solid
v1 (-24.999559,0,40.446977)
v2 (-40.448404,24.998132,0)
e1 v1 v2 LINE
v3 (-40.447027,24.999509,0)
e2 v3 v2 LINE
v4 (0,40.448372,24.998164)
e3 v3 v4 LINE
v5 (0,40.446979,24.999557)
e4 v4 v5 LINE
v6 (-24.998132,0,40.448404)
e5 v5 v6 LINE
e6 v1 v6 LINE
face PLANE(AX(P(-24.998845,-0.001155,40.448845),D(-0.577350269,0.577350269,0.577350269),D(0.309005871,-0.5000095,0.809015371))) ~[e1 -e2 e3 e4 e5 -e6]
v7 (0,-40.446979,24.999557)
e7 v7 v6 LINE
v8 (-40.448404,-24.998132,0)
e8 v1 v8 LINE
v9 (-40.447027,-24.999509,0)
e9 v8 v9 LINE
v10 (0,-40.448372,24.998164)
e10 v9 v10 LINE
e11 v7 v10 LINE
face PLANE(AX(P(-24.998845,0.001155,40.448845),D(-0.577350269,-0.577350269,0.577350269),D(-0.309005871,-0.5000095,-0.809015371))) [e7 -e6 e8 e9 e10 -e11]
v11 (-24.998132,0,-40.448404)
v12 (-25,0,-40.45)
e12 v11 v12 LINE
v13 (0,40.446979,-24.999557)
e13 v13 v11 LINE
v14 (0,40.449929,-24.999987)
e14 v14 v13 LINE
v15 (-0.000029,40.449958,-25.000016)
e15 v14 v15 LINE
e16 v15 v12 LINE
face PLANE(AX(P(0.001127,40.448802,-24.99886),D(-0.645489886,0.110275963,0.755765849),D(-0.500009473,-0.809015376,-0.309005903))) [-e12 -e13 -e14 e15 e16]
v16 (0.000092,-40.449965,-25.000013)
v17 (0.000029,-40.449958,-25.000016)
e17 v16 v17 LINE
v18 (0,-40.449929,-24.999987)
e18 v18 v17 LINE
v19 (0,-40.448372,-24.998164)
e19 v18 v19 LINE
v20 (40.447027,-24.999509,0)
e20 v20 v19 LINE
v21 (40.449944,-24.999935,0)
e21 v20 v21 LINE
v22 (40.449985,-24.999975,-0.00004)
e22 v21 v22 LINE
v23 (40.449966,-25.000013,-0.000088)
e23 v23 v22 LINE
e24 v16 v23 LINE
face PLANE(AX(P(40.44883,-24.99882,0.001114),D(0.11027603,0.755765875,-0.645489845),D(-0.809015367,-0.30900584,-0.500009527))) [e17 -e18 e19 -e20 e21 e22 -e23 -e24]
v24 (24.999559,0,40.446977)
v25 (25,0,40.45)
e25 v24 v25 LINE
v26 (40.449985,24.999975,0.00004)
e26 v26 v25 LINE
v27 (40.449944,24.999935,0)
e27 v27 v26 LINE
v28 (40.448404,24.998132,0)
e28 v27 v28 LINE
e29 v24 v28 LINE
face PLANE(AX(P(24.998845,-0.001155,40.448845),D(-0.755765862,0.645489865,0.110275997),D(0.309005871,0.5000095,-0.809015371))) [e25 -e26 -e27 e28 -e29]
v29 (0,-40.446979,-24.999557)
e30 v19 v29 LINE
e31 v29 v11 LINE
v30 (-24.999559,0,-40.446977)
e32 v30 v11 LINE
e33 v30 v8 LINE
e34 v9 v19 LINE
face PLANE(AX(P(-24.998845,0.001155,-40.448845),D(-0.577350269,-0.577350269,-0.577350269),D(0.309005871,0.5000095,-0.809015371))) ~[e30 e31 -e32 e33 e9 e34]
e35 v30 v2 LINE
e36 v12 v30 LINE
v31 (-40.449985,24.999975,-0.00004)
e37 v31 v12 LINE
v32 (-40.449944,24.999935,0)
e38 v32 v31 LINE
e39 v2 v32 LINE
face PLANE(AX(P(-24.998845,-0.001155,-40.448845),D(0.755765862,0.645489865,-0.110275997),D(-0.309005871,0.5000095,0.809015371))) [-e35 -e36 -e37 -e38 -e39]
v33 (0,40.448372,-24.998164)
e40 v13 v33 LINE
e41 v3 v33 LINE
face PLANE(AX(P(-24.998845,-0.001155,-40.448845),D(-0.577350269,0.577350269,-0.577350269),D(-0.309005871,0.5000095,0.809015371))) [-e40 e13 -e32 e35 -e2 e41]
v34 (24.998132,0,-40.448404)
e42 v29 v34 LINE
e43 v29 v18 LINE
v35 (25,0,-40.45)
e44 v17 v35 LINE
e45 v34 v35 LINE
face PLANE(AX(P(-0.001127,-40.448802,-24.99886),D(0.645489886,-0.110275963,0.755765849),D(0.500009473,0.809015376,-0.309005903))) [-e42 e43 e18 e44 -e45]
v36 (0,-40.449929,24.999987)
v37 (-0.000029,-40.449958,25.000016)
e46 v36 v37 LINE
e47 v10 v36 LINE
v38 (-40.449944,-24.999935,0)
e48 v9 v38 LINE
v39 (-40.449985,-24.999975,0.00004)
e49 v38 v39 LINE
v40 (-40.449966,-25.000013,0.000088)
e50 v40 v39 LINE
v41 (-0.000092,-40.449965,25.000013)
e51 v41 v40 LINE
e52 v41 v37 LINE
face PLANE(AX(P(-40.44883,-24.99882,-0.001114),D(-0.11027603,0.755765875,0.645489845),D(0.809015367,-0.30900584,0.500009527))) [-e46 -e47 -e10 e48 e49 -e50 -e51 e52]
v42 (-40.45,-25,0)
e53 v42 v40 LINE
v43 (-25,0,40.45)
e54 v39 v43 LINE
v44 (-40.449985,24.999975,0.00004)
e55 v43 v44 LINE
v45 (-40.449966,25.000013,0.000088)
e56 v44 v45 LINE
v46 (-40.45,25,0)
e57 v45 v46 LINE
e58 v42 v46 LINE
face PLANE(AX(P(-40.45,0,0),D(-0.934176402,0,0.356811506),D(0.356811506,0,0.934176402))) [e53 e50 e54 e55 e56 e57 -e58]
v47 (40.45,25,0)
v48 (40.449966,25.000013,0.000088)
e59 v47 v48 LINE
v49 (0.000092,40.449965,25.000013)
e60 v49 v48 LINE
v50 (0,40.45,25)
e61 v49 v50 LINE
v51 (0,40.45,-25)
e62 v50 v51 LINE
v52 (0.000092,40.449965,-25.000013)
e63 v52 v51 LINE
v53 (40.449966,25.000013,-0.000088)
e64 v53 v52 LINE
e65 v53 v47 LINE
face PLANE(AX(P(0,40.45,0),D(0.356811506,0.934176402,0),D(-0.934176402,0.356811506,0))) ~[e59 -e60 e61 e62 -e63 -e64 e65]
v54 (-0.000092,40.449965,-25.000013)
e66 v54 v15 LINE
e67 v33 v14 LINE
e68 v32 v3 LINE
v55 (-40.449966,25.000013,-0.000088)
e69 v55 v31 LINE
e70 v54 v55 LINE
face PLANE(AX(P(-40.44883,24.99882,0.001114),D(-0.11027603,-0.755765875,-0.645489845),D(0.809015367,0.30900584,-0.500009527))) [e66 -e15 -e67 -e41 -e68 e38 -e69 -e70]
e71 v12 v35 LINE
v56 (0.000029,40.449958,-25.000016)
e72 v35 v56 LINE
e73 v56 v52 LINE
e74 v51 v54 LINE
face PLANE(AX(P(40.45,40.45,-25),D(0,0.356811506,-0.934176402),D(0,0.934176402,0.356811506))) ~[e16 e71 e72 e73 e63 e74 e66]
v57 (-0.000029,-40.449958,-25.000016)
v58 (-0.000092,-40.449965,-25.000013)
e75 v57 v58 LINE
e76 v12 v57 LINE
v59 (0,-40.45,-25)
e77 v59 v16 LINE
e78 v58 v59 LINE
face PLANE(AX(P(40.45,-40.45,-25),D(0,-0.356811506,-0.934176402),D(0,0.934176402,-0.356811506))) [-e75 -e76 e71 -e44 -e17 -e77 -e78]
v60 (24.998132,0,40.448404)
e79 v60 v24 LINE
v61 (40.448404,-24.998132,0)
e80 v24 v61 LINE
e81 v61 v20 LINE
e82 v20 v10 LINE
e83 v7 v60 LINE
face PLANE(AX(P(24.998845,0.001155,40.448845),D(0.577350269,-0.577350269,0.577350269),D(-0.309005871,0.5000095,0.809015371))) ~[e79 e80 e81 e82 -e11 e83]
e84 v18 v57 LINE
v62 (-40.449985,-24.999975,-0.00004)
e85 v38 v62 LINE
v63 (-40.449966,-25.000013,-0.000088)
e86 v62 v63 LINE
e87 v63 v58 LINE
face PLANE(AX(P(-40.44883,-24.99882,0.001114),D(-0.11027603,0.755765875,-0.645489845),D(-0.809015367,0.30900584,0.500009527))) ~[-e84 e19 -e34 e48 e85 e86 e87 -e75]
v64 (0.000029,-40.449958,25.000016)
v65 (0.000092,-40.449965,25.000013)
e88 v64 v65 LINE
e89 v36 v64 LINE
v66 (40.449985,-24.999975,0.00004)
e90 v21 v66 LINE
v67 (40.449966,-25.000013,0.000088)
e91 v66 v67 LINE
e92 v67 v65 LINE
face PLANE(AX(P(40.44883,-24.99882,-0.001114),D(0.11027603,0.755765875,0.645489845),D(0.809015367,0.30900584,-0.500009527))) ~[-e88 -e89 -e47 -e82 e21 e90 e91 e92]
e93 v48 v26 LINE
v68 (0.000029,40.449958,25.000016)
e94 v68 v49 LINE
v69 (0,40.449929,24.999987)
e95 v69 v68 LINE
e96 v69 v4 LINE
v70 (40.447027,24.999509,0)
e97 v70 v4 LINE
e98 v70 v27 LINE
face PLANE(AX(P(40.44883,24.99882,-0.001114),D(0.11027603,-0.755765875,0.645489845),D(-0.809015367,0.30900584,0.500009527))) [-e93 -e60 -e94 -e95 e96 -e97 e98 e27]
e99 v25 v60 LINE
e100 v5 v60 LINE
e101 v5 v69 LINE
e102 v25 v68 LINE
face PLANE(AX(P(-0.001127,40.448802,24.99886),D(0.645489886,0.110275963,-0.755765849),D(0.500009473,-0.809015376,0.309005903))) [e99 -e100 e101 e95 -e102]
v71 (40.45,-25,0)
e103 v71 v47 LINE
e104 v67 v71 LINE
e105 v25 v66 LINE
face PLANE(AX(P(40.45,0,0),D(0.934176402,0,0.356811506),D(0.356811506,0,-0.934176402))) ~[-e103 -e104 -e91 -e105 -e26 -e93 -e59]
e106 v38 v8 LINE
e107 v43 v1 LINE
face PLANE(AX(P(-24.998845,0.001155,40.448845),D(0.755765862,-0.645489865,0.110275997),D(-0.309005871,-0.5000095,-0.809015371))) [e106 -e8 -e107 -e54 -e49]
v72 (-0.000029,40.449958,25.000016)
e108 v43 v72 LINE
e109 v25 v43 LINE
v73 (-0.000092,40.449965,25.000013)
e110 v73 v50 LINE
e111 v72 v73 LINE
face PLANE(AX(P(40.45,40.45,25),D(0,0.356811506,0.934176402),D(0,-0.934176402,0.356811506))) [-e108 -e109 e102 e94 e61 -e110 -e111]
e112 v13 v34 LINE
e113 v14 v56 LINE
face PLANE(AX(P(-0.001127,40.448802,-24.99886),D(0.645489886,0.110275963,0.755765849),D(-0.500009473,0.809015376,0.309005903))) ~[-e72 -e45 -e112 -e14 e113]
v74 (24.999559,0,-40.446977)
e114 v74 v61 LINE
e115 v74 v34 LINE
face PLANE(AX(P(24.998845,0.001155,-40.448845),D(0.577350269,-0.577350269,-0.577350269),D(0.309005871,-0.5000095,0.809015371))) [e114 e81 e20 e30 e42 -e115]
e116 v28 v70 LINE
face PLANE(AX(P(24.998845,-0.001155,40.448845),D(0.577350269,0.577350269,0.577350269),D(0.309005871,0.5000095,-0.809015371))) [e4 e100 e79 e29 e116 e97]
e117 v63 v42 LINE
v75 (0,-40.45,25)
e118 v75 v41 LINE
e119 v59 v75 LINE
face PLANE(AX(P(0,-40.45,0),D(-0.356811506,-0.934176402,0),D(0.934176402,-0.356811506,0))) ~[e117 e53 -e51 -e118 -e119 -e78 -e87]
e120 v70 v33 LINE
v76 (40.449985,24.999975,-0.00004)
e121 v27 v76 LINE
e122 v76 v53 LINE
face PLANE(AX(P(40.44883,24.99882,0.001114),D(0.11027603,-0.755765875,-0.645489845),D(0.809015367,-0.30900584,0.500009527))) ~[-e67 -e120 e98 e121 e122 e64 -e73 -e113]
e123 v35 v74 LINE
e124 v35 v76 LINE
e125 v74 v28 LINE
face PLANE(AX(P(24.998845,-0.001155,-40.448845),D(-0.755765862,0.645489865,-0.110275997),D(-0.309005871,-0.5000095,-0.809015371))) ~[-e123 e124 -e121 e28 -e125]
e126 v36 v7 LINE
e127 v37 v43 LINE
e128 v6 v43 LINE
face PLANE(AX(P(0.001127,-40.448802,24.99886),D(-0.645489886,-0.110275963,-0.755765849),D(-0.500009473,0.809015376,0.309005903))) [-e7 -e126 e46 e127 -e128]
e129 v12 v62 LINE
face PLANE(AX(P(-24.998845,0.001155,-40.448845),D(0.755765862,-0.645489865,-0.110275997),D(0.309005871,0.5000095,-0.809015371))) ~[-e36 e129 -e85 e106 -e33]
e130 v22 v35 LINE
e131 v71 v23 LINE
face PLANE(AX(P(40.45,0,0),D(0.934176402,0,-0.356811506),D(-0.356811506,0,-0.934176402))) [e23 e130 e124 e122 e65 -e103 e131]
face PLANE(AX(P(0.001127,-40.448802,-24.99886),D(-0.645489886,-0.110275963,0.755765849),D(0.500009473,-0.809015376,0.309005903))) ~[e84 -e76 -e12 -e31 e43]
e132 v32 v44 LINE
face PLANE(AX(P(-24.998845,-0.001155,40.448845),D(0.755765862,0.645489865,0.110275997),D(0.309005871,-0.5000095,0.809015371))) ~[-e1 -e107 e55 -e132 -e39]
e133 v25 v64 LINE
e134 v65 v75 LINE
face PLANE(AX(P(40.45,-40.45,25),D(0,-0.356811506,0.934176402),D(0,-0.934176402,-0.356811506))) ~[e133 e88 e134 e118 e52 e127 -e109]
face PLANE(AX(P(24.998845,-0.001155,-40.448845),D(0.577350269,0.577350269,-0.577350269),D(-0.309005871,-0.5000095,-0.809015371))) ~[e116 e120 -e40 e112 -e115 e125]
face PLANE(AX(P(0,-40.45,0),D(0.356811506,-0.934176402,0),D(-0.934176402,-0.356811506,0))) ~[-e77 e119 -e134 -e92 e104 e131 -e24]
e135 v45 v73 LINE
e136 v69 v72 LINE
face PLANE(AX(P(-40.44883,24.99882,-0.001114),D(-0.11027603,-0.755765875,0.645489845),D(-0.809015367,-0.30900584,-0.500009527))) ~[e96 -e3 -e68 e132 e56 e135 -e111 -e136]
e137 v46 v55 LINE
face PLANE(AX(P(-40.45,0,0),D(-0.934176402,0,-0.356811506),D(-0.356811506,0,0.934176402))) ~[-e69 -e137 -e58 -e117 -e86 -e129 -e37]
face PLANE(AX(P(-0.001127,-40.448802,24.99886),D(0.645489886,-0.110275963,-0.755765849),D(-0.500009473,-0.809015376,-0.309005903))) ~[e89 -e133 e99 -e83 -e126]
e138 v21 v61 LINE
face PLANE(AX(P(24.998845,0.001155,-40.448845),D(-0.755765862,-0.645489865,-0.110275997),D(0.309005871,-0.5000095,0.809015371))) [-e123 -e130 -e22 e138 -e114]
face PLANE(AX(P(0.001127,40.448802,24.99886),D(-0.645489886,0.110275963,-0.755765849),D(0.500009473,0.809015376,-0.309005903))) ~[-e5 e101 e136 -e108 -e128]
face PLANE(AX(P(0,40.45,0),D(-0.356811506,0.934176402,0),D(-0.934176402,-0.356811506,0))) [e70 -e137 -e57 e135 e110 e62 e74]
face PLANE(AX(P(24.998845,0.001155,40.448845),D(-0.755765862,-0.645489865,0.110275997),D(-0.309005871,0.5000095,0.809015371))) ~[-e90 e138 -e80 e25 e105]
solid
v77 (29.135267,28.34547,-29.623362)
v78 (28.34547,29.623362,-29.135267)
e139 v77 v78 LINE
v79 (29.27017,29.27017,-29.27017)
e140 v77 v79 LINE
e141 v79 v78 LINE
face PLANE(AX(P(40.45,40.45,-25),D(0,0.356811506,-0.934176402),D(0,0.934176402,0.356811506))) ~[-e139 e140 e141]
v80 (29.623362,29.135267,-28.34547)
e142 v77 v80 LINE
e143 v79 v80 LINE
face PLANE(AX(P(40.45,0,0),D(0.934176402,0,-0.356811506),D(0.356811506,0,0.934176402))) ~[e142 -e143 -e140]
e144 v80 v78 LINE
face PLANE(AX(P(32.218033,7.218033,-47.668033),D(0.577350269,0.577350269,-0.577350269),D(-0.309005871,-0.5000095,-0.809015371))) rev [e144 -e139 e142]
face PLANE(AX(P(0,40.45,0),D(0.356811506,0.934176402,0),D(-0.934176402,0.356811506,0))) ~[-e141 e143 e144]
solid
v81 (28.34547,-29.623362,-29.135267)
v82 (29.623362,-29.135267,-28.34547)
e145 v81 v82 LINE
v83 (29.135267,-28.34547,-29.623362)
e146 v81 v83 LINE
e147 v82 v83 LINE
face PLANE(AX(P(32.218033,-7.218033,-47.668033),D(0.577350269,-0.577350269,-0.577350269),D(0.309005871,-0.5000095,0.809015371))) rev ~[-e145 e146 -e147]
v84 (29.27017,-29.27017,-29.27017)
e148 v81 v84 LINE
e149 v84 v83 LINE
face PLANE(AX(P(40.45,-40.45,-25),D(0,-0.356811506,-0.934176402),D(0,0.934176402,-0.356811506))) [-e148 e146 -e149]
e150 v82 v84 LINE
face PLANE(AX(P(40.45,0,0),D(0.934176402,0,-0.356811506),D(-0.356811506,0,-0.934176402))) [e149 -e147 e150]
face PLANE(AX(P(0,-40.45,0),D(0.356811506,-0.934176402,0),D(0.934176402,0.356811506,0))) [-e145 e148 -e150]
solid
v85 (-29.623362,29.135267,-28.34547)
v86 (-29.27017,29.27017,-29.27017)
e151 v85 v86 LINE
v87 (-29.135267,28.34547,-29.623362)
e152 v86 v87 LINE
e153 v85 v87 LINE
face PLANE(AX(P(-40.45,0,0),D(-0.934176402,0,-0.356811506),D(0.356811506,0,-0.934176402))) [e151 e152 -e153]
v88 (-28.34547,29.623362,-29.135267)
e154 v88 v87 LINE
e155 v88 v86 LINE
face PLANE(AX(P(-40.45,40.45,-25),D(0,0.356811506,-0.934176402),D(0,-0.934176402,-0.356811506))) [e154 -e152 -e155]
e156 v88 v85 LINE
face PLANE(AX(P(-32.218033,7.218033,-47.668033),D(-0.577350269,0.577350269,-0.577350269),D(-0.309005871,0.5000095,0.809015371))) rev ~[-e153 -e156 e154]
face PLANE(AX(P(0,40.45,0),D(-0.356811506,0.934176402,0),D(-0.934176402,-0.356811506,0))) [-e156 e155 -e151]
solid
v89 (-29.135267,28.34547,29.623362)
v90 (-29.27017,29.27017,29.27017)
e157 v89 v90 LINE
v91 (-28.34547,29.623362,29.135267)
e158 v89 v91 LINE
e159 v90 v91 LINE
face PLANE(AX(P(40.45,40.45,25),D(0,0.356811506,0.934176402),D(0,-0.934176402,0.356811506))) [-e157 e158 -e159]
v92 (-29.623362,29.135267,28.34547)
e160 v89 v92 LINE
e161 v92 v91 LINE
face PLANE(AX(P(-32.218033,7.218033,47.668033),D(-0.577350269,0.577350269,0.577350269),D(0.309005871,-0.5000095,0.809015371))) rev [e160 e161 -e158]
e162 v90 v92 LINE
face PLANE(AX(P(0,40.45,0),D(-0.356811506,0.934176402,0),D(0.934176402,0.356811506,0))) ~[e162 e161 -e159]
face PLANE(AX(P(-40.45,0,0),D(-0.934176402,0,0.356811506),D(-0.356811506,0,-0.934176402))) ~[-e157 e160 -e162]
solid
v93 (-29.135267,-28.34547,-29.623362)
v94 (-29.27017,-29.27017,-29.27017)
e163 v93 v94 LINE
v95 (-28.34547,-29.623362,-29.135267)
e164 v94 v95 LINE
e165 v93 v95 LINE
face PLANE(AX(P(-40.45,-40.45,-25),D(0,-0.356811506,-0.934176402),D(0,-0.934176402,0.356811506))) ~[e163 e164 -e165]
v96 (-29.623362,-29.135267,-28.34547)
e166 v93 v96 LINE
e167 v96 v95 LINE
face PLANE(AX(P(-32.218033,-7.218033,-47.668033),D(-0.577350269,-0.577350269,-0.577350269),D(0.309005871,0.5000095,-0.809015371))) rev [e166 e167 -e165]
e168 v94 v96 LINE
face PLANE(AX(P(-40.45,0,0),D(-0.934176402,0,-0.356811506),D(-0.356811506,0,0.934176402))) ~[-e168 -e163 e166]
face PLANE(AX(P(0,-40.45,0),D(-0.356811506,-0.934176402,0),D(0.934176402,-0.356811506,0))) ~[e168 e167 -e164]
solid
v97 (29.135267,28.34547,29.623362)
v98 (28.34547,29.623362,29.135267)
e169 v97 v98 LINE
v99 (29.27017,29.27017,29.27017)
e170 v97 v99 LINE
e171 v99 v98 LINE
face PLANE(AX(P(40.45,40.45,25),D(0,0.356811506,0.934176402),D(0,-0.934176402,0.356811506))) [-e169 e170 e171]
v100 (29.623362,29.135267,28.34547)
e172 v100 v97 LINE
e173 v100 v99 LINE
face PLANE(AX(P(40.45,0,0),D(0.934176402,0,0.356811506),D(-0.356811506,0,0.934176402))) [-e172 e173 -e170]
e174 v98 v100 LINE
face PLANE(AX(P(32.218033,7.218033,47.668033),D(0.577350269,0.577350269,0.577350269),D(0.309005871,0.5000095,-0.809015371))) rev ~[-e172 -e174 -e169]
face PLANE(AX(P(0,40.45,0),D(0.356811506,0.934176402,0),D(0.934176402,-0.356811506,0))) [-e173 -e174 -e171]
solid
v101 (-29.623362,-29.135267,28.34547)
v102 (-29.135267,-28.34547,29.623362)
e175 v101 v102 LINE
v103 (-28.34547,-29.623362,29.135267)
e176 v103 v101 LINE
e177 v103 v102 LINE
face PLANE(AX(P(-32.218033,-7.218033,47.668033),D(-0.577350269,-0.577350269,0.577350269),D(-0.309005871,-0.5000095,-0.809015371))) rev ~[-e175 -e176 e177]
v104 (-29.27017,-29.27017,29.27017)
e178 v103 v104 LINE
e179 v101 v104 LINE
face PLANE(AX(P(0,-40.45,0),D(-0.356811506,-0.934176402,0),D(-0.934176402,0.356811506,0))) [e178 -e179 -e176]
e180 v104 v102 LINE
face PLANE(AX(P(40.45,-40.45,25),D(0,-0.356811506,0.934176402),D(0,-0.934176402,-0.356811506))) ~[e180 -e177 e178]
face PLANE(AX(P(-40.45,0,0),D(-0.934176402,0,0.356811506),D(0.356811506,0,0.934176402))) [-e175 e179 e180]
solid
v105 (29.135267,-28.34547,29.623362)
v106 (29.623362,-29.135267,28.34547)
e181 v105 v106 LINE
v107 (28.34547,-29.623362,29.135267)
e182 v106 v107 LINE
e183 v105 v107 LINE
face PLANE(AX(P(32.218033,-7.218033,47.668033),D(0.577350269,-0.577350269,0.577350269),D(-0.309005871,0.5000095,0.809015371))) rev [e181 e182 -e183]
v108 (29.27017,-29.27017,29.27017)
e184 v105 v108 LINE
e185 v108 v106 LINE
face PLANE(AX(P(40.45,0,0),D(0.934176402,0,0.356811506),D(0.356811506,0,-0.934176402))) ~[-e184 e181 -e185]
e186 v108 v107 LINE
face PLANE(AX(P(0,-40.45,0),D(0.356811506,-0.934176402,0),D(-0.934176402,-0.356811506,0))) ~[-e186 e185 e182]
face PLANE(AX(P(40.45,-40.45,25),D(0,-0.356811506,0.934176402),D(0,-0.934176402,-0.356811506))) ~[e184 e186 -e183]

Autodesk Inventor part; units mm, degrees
ref_plane "YZ Plane" through (0, 0, 0) normal (1, 0, 0) x (0, 1, 0)
ref_plane "XZ Plane" through (0, 0, 0) normal (0, 1, 0) x (-1, 0, 0)
ref_plane "XY Plane" through (0, 0, 0) normal (0, 0, 1) x (1, 0, 0)
sketch "Sketch1" plane through (0, 0, 0) normal (0, 0, 1) x (1, 0, 0)
  line L0 (0, 0) -> (40.45, 0)
  line L1 (40.45, 0) -> (40.45, 40.45)
  line L2 (40.45, 40.45) -> (0, 40.45)
  line L3 (0, 40.45) -> (0, 0)
  dimension "d1" = 40.45
  dimension "d2" = 40.45
extrude "InitialCube" add sketch "Sketch1" along normal blind 40.45
sketch "Sketch2" plane through (40.45, 0, 0) normal (1, 0, 0) x (0, 0, -1)
  line L0 (-40.45, 0) -> (-40.45, 40.45)
  line L1 (-40.45, 40.45) -> (-25, 40.45)
  line L2 (-25, 40.45) -> (-40.45, 0)
  line L3 (0, 40.45) -> (-40.45, 40.45) projected
  line L4 (-40.45, 0) -> (-40.45, 40.45) projected
  point P0 (0, 0)
  dimension "d5" = 15.45
extrude "YZ Trim" cut sketch "Sketch2" against normal blind 40.45
sketch "Sketch3" plane through (0, 0, 0) normal (0, -1, 0) x (1, 0, 0)
  line L0 (40.45, 0) -> (40.45, 40.45) projected
  line L1 (40.45, 40.45) -> (40.45, 0)
  line L2 (40.45, 0) -> (25, 40.45)
  line L3 (25, 40.45) -> (40.45, 40.45)
  point P0 (0, 0)
  dimension "d9" = 15.45
extrude "XZ Trim" cut sketch "Sketch3" against normal blind 40.45
sketch "Sketch4" plane through (0, 0, 0) normal (0, 0, -1) x (-1, 0, 0)
  line L0 (0, 40.45) -> (0, 0) projected
  line L1 (-40.45, 40.45) -> (0, 40.45) projected
  line L2 (0, 40.45) -> (-40.45, 40.45)
  line L3 (-40.45, 40.45) -> (-40.45, 25)
  line L4 (-40.45, 0) -> (-40.45, 40.45) projected
  line L5 (0, 40.45) -> (-40.45, 25)
  dimension "d12" = 15.45
extrude "XY Trim" cut sketch "Sketch4" against normal blind 40.45
ref_plane "XYZ Work Plane" through (25, 0, 40.45) normal (0.5774, 0.5774, 0.5774) x (0.309, 0.5, -0.809)
sketch "Sketch6" plane through (25, 0, 40.45) normal (0.5774, 0.5774, 0.5774) x (0.309, 0.5, -0.809)
  line L0 (0, 0) -> (49.999, 0)
  line L1 (49.999, 0) -> (24.9995, 43.3004)
  line L2 (24.9995, 43.3004) -> (0, 0)
  point P0 (24.9995, 14.4335)
extrude "XYZ Trim" cut sketch "Sketch6" along normal blind 12.5
mirror "Quarter Mirror" about plane through (20.225, 20.225, 0) normal (0, 0, -1) of "InitialCube", "XZ Trim", "XY Trim", "XYZ Trim", "YZ Trim"
mirror "Half Mirror" about plane through (0, 40.45, 0) normal (-1, 0, 0) of "InitialCube", "YZ Trim", "XZ Trim", "XY Trim", "XYZ Trim", "Quarter Mirror"
mirror "Full Mirror" about plane through (0, 0, 0) normal (0, -1, 0) of "Quarter Mirror", "InitialCube", "XZ Trim", "XY Trim", "XYZ Trim", "YZ Trim", "Half Mirror"
equation "\"d1\" = PhiLength"
equation "\"d2\" = PhiLength"
equation "\"d3\" = PhiLength"
equation "\"d5\" = SideDiff"
equation "\"d7\" = PhiLength"
equation "\"d9\" = SideDiff"
equation "\"d10\" = PhiLength"
equation "\"d12\" = SideDiff"
equation "\"d13\" = PhiLength"
equation "\"d16\" = 0.5 * SideLength"
equation "\"SideLength\" = 25"
equation "\"PhiLength\" = 1.618 * SideLength"
equation "\"SideDiff\" = PhiLength - SideLength"
properties part number "Icosahedron"
